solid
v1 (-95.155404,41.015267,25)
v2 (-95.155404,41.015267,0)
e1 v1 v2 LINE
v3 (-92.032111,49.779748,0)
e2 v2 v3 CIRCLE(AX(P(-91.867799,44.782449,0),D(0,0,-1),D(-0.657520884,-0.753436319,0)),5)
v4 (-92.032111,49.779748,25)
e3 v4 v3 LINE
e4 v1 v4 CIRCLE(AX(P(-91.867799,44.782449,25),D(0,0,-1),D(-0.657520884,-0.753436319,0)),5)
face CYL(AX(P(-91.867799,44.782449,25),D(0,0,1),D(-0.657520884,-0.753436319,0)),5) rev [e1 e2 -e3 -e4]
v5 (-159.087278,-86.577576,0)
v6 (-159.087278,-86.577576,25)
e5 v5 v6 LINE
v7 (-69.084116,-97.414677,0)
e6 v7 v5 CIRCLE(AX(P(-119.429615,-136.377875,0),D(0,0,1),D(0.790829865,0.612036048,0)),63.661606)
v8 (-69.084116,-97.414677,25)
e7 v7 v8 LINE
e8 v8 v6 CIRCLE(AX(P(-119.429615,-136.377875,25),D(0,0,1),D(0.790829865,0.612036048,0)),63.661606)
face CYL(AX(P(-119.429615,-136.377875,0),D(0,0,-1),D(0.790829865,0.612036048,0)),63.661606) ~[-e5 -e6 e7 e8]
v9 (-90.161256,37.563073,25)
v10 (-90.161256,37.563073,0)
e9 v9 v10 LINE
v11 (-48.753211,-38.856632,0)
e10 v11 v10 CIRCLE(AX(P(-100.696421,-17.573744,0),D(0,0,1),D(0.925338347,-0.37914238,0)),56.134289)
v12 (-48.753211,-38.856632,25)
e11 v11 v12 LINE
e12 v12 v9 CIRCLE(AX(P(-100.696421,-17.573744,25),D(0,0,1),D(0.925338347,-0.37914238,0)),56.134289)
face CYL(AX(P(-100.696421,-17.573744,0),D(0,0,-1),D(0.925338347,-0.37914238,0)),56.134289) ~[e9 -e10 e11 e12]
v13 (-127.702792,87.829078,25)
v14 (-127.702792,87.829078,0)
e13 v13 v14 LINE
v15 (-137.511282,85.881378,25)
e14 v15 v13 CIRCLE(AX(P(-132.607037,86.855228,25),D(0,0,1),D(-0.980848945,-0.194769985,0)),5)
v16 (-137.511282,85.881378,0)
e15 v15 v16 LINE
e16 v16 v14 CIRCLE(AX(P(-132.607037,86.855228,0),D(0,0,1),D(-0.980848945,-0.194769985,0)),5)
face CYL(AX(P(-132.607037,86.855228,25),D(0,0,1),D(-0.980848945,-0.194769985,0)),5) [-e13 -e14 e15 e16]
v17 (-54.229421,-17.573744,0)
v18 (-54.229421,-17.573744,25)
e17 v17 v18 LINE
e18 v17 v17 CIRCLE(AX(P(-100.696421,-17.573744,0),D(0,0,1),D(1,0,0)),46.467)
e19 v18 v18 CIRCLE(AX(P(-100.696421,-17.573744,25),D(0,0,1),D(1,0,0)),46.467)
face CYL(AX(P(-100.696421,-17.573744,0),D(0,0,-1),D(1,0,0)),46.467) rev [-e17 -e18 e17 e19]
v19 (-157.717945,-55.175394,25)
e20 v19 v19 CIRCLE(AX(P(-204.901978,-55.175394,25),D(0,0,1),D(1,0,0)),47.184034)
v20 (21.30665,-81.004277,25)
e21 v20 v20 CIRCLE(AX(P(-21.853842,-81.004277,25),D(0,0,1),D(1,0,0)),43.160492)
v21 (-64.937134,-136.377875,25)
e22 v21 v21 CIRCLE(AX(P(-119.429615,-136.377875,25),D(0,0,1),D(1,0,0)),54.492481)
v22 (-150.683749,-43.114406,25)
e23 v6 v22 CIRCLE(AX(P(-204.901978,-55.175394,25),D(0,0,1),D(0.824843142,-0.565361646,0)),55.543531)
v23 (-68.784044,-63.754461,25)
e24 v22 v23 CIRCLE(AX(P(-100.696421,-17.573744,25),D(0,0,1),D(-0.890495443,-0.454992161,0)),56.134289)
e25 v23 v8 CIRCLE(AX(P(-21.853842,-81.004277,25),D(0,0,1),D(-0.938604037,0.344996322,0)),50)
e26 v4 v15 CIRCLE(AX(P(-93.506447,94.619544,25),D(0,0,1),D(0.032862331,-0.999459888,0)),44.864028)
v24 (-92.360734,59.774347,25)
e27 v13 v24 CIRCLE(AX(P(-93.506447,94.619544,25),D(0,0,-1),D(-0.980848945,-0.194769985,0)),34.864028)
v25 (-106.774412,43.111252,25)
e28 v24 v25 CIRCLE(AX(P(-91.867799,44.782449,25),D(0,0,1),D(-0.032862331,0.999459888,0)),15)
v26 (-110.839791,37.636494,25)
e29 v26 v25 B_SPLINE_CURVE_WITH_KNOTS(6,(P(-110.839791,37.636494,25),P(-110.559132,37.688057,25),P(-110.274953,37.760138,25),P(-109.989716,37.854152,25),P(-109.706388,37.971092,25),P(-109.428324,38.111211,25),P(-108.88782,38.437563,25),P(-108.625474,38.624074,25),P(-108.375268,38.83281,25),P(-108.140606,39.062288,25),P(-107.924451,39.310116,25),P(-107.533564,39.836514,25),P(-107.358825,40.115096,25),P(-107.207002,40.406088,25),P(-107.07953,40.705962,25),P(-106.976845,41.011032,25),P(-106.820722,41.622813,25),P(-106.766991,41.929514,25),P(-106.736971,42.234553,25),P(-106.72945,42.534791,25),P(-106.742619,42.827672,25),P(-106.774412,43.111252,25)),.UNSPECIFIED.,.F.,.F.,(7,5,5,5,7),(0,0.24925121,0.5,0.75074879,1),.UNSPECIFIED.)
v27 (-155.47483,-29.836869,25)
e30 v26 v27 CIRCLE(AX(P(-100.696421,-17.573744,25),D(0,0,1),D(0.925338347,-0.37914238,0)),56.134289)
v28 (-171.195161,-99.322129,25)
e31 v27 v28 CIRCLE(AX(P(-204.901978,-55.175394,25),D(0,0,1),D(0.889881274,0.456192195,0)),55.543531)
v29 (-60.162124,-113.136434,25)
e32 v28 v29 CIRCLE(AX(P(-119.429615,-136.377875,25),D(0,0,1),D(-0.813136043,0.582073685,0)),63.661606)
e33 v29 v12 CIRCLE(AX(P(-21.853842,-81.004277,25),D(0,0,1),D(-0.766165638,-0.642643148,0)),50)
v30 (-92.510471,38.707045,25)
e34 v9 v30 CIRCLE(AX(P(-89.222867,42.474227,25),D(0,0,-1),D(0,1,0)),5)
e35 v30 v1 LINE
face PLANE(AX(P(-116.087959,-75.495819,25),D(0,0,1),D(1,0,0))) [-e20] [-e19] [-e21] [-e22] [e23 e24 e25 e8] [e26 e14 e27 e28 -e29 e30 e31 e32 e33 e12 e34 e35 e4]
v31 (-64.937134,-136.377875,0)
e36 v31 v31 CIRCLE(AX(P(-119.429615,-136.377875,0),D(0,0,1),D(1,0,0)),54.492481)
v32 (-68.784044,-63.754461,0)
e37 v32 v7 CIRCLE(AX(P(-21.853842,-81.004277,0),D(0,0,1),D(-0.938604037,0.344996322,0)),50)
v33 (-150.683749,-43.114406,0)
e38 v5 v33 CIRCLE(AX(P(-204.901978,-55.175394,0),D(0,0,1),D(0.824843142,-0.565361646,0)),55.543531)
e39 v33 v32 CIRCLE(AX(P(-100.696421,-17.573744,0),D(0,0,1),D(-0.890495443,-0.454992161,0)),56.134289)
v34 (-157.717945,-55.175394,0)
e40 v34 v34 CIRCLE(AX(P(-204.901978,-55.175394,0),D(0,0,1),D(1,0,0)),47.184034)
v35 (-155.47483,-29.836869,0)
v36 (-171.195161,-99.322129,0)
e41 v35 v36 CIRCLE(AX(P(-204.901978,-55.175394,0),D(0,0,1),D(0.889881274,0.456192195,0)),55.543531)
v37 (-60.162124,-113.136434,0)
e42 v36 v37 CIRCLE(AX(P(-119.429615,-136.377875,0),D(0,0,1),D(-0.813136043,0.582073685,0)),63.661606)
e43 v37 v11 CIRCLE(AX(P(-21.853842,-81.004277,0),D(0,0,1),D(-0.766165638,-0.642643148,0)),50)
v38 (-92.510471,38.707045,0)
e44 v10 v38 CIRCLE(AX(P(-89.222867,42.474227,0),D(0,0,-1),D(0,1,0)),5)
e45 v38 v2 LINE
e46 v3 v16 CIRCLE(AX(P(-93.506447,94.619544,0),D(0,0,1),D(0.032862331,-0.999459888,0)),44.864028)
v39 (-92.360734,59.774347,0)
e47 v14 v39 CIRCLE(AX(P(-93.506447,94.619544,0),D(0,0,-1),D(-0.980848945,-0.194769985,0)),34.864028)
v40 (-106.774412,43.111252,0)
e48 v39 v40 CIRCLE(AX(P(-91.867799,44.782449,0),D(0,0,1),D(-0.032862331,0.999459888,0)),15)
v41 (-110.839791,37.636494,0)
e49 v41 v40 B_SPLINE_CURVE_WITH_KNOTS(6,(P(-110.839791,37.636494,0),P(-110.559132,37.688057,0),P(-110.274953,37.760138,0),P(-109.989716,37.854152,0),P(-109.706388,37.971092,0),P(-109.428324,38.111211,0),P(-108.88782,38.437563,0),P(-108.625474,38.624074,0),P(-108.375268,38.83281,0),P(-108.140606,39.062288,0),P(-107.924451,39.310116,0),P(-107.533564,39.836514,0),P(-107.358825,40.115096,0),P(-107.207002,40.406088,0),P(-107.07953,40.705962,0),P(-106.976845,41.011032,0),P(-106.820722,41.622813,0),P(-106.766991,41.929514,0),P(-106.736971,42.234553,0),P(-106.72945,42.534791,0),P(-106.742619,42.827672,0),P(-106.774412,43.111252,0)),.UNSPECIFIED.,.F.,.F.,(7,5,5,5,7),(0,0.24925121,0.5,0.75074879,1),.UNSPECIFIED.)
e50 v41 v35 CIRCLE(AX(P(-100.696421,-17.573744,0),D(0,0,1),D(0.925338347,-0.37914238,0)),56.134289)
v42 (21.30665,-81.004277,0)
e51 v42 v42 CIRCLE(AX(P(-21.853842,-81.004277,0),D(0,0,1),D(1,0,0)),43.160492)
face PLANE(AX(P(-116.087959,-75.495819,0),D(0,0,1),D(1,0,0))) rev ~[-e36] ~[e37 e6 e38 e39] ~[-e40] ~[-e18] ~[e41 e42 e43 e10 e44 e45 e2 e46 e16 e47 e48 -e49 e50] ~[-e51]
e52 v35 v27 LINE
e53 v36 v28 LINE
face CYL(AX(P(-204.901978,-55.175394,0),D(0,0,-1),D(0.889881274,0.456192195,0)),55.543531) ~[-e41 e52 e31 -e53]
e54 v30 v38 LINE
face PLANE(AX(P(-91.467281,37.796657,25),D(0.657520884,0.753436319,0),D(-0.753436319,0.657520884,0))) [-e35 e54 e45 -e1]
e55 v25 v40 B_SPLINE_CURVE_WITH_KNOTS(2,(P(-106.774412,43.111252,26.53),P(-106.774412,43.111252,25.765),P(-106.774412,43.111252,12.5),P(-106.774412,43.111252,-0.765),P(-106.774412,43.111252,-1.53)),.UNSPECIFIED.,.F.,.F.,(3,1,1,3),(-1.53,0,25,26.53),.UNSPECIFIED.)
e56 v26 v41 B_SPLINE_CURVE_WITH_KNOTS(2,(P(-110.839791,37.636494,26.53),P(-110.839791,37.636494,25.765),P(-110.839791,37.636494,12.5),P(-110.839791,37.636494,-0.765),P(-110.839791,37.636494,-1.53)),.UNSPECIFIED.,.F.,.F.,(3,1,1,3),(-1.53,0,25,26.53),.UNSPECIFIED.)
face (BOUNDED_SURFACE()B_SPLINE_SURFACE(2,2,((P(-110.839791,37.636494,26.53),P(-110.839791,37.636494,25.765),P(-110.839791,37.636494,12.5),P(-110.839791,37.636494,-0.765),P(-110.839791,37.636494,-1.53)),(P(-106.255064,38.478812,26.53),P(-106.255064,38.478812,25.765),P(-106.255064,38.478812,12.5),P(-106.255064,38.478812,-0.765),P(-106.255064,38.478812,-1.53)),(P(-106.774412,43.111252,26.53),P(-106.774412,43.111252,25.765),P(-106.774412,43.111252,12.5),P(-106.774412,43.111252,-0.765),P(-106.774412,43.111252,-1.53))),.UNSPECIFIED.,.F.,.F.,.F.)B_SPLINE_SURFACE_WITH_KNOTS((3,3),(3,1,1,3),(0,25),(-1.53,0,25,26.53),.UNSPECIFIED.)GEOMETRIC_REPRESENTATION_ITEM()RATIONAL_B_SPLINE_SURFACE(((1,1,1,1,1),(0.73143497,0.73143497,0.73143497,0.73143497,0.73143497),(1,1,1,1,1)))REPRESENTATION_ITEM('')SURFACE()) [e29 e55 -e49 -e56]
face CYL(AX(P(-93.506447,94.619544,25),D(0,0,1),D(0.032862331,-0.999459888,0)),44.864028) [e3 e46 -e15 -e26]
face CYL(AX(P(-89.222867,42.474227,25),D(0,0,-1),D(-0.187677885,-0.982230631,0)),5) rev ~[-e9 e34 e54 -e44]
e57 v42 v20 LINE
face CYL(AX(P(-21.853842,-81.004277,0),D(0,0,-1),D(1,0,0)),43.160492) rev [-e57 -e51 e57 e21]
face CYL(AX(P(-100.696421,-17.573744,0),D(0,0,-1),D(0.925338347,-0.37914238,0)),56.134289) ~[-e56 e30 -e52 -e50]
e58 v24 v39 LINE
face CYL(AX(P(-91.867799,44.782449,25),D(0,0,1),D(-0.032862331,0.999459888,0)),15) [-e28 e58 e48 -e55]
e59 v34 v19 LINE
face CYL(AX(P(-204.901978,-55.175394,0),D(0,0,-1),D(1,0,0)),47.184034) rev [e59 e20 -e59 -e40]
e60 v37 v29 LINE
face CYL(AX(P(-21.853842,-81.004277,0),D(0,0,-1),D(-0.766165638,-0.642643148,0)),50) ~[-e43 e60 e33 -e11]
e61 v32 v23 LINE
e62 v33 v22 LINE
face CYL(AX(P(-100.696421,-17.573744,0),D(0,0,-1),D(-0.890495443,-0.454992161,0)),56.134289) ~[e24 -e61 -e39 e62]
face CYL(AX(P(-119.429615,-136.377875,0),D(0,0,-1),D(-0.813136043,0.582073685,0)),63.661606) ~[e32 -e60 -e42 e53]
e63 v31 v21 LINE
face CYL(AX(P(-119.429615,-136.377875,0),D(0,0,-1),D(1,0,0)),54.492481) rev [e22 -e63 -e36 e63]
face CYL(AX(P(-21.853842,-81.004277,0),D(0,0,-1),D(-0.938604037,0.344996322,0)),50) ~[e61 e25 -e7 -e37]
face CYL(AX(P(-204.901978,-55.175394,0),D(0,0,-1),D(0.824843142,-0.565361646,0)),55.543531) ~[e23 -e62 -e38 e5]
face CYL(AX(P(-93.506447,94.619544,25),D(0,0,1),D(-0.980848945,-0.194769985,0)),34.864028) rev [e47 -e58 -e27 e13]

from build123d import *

# Parameters (mm, degrees)
F0_R     = 54.4924805174
F0_R_2   = 43.1604920117
F0_R_3   = 47.1840335611
F0_R_4   = 46.467
F1_DEPTH = 25
F3_DEPTH = 25
F4_R     = 5


with BuildPart() as f1:
    # F0 (on Top) → F1 (new body)
    with BuildSketch(Plane.XY):
        with BuildLine():
            ThreePointArc((-171.1951607712, -99.3221294101), (-127.2895477252, -199.5524067975), (-60.162123745, -113.1364342468))
            ThreePointArc((-60.162123745, -113.1364342468), (27.5666162737, -88.5949500771), (-48.7532108312, -38.8566322407))
            ThreePointArc((-48.7532108312, -38.8566322407), (-95.9689877261, 38.3611262057), (-155.4748304215, -29.836868577))
            ThreePointArc((-155.4748304215, -29.836868577), (-259.0763673914, -42.9189917909), (-171.1951607712, -99.3221294101))
        make_face()
        with Locations((-119.4296146298, -136.3778748382)):
            Circle(F0_R, mode=Mode.SUBTRACT)
        with Locations((-21.8538418412, -81.0042768717)):
            Circle(F0_R_2, mode=Mode.SUBTRACT)
        with Locations((-204.9019783735, -55.1753938198)):
            Circle(F0_R_3, mode=Mode.SUBTRACT)
        with BuildLine():
            ThreePointArc((-159.087277872, -86.5775758158), (-150.3684240565, -65.719362224), (-150.6837491193, -43.1144057719))
            ThreePointArc((-150.6837491193, -43.1144057719), (-114.4142534505, -72.0060826257), (-68.7840436754, -63.7544607623))
            ThreePointArc((-68.7840436754, -63.7544607623), (-71.8518551472, -80.5585578366), (-69.0841155831, -97.4146773015))
            ThreePointArc((-69.0841155831, -97.4146773015), (-111.819217091, -73.1727968314), (-159.087277872, -86.5775758158))
        make_face(mode=Mode.SUBTRACT)
        with Locations((-100.6964207948, -17.5737444198)):
            Circle(F0_R_4, mode=Mode.SUBTRACT)
    extrude(amount=F1_DEPTH)

    # F2 (on face) → F3 (join)
    with BuildSketch(Plane.XY.offset(25)):
        with BuildLine():
            ThreePointArc((-127.7027924667, 87.8290782041), (-71.8303532525, 121.9260893446), (-92.3607341122, 59.7743468572))
            ThreePointArc((-92.3607341122, 59.7743468572), (-104.6730727654, 52.5942964384), (-105.4238538636, 38.3611262057))
            ThreePointArc((-105.4238538636, 38.3611262057), (-98.4279417265, 38.5146891297), (-91.4672809773, 37.7966570014))
            Line((-91.4672809773, 37.7966570014), (-95.1554035699, 41.0152669471))
            ThreePointArc((-95.1554035699, 41.0152669471), (-96.5776784553, 46.4608516232), (-92.0321108024, 49.7797479798))
            ThreePointArc((-92.0321108024, 49.7797479798), (-65.6130297513, 129.7583871225), (-137.5112819177, 85.881378358))
            ThreePointArc((-137.5112819177, 85.881378358), (-131.6331872692, 81.9509835556), (-127.7027924667, 87.8290782041))
        make_face()
    extrude(amount=-F3_DEPTH)

    # F4
    f4_edges = [f1.edges().sort_by_distance(p)[0] for p in [
        (-105.423854, 38.361126, 12.5),
        (-91.467281, 37.796657, 12.5),
    ]]
    fillet(f4_edges, radius=F4_R)


solid = f1.part
